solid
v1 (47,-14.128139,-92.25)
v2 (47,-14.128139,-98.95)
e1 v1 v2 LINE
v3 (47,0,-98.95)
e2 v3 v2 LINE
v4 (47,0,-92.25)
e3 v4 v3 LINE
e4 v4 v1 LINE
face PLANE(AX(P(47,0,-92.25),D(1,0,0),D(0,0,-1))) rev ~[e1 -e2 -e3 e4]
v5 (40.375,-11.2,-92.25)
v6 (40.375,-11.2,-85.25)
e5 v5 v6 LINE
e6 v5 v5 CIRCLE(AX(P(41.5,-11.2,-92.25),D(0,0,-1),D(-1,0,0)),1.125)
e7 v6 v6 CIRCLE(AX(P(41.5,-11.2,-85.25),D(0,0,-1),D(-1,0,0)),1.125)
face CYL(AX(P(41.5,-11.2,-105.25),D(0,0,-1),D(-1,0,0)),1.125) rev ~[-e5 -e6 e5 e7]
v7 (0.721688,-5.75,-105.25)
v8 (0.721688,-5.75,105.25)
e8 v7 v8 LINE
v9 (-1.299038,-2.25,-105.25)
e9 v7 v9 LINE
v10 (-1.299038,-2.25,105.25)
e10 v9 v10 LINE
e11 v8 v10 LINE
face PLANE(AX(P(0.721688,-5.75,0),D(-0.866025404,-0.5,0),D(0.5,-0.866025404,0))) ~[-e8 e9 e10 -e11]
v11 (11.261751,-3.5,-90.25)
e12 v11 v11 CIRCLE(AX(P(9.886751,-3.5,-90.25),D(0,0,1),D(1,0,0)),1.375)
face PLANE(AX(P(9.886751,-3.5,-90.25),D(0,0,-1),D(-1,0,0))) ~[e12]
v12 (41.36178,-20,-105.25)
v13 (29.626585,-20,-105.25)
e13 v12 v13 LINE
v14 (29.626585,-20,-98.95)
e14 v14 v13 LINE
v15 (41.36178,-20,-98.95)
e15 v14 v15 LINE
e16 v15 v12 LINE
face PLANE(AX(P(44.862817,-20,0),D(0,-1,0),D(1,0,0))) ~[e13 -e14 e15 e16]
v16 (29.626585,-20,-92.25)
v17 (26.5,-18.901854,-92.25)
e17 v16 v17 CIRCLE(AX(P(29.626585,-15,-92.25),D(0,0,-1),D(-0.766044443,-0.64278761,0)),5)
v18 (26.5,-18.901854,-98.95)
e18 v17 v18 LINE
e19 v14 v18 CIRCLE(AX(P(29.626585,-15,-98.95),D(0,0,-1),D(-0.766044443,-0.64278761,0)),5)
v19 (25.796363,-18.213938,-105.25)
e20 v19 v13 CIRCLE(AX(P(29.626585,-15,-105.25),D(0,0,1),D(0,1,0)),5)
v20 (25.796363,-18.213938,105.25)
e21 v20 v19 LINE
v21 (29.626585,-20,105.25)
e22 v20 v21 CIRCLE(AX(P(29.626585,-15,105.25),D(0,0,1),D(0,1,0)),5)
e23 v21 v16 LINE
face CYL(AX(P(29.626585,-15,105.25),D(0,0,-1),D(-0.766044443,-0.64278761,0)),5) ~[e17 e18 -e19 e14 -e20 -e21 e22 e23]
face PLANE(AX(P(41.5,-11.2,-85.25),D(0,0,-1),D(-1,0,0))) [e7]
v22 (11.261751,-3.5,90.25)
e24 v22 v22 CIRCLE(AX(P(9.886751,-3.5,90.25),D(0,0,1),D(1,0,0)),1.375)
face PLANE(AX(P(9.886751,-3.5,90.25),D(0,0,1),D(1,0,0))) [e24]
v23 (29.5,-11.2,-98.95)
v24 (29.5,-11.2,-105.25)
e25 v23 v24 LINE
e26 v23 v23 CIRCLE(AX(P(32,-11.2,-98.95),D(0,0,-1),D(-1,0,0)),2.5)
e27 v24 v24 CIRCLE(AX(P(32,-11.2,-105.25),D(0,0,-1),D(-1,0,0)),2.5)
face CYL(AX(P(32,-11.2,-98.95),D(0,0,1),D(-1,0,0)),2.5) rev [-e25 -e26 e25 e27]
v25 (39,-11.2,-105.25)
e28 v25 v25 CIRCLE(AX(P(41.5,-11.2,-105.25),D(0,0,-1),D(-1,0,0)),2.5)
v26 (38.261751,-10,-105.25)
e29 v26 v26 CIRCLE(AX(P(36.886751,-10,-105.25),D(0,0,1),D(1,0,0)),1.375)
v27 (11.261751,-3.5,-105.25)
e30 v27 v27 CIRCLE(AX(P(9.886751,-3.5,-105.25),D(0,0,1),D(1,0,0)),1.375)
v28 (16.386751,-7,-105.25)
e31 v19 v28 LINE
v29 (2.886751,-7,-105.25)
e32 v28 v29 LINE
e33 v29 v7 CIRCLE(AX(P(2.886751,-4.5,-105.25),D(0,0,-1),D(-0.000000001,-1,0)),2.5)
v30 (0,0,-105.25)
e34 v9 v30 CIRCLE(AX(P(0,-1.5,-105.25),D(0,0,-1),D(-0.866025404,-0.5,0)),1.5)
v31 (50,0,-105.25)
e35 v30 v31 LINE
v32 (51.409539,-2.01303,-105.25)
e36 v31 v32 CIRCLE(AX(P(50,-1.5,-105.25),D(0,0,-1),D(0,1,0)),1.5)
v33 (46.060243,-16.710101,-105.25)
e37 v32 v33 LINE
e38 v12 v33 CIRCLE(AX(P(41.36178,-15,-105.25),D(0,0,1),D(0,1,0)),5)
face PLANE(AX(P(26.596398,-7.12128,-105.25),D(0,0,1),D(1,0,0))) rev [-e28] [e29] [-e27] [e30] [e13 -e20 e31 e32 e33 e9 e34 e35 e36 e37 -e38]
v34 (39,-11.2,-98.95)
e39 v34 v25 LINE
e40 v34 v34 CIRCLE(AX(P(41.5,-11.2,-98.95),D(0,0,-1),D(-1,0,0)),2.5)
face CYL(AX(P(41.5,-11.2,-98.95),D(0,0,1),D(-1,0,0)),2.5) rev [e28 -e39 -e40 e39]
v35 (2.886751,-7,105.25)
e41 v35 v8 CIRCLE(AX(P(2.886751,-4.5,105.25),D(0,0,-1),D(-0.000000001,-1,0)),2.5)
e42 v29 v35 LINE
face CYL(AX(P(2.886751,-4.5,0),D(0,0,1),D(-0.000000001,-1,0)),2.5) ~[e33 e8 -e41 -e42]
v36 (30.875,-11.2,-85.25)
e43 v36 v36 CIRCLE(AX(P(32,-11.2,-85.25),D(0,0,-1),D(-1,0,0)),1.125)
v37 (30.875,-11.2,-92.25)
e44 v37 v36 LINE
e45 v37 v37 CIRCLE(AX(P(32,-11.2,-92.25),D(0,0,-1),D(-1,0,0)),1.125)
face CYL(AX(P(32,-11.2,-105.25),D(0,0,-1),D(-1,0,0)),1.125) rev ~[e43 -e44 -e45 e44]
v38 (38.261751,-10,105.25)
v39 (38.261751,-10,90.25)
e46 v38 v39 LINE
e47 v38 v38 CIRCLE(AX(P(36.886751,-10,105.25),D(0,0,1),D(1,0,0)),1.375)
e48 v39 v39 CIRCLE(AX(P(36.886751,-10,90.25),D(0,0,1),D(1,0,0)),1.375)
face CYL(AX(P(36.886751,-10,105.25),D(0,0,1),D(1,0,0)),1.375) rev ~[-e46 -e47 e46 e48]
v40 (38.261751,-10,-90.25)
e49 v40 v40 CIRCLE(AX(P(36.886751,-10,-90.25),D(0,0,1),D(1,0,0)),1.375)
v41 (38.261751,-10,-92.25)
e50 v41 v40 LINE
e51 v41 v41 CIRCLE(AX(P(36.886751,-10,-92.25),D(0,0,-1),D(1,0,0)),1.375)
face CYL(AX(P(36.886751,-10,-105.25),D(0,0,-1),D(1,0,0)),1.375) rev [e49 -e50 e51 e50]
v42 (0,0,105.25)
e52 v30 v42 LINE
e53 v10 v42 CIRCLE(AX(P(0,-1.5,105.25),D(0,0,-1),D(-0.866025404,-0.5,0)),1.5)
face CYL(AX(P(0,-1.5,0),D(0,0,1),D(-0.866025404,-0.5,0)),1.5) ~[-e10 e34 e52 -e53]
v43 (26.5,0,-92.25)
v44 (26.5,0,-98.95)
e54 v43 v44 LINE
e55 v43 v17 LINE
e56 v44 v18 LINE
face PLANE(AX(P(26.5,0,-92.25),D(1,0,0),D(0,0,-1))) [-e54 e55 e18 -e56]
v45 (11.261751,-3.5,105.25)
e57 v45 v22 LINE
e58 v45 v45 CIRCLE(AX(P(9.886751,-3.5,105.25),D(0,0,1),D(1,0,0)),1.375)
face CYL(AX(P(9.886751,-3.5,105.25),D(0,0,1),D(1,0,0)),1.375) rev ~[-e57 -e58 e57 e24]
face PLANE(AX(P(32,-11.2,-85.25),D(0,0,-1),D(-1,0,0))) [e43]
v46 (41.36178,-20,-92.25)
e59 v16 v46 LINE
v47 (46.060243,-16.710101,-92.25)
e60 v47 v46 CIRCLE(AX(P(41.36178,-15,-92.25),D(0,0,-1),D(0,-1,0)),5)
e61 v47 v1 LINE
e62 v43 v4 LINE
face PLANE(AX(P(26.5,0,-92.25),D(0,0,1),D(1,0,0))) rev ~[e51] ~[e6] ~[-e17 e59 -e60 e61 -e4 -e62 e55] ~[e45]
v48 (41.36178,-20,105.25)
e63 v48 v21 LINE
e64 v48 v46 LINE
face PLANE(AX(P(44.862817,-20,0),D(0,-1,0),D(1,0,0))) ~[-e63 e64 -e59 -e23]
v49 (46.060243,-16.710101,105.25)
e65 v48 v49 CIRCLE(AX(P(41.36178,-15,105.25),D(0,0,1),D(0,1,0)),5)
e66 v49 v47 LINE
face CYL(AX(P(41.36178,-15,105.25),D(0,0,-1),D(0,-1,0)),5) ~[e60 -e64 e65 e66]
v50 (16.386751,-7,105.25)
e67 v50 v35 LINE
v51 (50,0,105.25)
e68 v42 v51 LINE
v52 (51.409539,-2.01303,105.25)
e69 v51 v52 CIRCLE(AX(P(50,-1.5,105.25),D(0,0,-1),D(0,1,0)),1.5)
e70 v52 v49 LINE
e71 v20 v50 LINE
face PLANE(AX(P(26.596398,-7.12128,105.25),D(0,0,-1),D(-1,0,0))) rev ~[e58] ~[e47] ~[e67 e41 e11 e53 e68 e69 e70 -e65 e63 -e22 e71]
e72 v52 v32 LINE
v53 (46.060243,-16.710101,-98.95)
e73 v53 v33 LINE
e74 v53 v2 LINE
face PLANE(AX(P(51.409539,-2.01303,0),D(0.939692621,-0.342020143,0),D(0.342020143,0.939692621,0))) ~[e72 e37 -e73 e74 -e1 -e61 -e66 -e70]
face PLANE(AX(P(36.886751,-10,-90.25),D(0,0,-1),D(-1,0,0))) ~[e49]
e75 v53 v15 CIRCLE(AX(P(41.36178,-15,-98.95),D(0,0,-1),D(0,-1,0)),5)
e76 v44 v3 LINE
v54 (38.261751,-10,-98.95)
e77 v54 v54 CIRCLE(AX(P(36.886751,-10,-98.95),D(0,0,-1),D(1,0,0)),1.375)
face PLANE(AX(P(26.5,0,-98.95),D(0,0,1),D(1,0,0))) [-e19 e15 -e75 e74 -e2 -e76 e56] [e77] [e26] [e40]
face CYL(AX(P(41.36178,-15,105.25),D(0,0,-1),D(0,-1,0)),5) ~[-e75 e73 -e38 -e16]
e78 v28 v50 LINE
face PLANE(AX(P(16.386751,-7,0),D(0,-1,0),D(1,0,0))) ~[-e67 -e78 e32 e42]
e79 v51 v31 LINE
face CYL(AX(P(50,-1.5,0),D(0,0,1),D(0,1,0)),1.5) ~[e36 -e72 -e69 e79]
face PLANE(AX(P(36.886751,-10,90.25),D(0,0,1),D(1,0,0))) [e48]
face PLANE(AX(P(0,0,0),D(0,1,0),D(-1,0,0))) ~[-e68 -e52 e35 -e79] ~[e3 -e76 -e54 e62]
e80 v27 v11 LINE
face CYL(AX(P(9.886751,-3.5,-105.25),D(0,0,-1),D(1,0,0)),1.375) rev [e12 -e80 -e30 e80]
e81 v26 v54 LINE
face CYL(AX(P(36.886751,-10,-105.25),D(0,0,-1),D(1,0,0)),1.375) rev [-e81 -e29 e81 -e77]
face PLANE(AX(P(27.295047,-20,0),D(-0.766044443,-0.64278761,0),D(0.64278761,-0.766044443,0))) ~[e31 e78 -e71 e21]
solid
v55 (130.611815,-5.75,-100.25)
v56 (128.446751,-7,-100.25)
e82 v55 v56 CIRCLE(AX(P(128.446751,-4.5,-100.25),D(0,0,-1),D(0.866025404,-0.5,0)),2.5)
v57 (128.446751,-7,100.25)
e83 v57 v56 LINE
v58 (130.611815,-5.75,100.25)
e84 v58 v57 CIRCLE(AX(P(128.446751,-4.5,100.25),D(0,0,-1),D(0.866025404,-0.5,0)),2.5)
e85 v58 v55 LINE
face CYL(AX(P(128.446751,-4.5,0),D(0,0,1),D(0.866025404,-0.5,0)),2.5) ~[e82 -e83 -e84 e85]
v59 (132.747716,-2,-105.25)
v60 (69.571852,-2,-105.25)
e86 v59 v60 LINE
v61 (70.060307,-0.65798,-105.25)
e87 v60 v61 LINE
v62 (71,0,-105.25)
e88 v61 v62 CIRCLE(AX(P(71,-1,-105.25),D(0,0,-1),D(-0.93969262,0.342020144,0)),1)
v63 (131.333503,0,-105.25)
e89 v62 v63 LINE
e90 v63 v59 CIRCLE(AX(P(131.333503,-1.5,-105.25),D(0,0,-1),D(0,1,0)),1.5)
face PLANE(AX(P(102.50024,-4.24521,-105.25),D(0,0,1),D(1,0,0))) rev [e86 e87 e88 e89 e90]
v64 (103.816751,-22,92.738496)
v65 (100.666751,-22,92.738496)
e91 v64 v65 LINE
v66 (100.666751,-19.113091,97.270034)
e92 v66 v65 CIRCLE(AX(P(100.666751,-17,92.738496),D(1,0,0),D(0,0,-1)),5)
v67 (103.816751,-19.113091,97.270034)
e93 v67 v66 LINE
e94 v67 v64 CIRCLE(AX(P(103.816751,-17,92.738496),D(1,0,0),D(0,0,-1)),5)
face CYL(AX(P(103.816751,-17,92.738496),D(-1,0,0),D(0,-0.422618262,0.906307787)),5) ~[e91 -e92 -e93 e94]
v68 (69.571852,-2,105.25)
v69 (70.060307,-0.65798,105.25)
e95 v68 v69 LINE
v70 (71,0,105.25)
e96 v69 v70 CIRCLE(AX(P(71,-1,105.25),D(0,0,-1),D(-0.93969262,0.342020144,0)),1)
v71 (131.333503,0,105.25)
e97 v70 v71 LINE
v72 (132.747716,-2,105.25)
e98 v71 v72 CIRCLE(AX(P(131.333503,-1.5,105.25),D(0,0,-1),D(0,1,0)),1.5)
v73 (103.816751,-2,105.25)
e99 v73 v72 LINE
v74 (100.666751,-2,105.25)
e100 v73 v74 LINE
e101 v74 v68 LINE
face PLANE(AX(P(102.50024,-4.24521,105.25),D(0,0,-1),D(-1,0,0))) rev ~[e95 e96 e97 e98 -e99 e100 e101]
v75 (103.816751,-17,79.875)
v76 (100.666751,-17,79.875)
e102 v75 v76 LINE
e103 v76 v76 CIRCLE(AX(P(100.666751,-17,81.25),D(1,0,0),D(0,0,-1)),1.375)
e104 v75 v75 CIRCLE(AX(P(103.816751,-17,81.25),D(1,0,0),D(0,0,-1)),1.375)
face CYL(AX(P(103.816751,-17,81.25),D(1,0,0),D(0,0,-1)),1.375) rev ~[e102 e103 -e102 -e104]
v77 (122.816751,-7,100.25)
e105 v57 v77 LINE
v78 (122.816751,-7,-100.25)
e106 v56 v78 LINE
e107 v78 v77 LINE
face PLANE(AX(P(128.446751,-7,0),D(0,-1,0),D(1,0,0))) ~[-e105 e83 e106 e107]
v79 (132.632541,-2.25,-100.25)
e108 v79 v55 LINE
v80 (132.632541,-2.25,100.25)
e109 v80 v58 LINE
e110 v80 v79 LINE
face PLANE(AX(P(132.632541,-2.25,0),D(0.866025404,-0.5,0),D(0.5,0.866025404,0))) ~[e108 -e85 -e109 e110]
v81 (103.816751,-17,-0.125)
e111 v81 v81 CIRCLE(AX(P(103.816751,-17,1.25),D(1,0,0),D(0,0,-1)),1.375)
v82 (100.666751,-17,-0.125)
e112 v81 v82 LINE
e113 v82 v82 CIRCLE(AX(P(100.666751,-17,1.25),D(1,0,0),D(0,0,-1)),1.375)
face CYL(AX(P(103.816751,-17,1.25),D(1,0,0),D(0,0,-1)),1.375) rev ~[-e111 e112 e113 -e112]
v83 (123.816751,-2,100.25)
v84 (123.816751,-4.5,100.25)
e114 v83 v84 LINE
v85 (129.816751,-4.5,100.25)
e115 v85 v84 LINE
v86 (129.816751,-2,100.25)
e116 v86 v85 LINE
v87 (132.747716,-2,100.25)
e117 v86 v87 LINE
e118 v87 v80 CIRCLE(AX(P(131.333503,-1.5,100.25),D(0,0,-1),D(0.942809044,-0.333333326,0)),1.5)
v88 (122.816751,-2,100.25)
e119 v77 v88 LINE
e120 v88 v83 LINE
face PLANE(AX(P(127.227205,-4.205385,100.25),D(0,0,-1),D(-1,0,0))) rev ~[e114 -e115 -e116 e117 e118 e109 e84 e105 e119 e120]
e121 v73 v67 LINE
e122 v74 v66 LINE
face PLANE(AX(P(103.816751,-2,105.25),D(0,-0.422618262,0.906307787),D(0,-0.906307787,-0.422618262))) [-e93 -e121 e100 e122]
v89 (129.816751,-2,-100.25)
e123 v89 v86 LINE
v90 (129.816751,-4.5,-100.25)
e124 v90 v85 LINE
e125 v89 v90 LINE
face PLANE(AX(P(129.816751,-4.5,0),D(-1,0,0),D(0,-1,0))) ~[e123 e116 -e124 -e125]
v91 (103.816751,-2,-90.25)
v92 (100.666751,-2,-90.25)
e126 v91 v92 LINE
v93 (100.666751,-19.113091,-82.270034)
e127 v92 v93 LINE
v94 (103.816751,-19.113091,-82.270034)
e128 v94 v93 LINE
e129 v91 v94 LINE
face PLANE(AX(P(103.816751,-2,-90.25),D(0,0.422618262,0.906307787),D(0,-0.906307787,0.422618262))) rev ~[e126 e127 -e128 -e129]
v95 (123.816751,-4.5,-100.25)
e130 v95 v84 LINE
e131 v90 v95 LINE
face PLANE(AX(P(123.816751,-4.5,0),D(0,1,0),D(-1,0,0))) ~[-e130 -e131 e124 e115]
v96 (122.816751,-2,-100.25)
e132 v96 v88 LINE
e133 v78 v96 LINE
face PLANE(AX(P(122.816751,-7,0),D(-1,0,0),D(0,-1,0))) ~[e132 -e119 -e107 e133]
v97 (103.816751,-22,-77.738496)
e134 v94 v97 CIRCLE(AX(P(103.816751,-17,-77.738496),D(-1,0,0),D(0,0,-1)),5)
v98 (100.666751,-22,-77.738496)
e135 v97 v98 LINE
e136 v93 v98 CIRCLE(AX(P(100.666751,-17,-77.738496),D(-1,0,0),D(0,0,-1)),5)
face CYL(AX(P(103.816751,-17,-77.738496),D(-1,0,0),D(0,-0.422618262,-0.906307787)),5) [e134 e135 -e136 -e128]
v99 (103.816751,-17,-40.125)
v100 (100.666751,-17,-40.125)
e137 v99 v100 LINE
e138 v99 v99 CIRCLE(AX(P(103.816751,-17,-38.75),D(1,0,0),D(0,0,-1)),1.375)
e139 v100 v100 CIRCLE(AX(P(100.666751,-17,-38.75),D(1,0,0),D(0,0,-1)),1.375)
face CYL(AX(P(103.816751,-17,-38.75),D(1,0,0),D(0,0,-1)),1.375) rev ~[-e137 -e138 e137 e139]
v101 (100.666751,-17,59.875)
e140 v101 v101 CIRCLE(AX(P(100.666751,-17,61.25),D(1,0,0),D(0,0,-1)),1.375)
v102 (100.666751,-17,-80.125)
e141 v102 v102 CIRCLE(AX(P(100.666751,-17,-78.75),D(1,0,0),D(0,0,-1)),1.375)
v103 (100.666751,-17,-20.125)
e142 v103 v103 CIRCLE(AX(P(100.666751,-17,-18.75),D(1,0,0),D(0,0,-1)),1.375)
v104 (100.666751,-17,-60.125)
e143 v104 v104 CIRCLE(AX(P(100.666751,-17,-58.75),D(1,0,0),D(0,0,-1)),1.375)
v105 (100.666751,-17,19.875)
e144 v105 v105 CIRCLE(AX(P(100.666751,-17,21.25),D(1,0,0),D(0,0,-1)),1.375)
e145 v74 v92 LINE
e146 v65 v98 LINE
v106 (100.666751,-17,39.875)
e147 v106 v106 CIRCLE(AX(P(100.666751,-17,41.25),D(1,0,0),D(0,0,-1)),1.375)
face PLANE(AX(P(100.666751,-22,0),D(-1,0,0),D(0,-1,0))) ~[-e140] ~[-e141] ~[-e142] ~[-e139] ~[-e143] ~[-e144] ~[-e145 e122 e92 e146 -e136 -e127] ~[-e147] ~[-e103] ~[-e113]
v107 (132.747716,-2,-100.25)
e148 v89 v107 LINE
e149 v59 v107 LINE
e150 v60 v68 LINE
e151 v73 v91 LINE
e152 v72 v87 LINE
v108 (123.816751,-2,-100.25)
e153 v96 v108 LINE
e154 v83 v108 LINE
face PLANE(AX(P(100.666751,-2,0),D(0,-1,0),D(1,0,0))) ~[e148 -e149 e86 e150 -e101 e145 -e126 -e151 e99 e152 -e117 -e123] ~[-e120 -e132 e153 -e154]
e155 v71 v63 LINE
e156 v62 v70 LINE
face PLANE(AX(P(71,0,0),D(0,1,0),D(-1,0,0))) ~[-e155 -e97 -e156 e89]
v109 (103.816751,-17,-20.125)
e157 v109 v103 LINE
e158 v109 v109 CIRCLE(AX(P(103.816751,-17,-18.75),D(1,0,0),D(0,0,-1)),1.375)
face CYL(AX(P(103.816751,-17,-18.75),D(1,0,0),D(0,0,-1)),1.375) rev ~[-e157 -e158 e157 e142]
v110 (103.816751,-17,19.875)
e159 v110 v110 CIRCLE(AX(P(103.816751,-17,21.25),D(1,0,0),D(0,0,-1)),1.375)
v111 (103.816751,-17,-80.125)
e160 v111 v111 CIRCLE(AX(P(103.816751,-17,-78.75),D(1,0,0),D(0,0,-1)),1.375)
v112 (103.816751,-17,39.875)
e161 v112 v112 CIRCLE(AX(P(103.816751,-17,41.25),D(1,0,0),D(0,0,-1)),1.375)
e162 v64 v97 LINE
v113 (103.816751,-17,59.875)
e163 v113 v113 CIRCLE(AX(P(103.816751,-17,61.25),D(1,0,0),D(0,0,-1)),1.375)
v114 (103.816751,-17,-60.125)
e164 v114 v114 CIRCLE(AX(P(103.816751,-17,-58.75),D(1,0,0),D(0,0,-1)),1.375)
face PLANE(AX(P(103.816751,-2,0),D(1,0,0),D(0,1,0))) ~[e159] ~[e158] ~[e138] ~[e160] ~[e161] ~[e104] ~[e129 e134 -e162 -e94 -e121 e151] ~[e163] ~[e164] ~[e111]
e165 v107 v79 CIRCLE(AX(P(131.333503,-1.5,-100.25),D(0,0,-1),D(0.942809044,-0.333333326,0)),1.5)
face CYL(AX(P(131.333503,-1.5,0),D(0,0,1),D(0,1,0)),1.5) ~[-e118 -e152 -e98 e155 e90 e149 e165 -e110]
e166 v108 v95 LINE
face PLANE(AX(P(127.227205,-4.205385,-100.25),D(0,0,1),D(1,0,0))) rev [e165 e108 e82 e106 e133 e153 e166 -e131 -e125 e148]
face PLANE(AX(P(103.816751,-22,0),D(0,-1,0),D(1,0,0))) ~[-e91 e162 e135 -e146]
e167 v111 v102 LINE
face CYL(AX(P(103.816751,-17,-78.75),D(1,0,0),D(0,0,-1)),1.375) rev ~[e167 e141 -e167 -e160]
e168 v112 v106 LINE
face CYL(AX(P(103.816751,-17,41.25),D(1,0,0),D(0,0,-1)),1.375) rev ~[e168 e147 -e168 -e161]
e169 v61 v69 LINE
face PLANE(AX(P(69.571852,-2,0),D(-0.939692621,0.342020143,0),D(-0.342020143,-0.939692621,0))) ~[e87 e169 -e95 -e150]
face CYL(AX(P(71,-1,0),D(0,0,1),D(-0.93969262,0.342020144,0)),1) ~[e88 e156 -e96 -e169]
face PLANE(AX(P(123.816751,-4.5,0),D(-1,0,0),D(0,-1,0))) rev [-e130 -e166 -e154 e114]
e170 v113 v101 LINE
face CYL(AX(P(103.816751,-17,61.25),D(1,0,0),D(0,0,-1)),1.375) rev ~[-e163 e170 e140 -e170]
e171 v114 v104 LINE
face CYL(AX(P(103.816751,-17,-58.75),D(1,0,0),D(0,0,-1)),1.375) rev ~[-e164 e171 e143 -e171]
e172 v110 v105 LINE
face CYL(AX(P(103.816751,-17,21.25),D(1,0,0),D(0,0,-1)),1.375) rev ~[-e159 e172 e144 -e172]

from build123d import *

# Parameters (mm, degrees)
BOSS_EXTRUDE1_DEPTH   = 105.25
SKETCH1_W             = 6
SKETCH1_H             = 2.5
BOSS_EXTRUDE1_2_DEPTH = 105.25
SKETCH2_R             = 1.375
CUT_EXTRUDE1_DEPTH    = 15
CUT_EXTRUDE2_DEPTH    = 5
FILLET1_R             = 5
SKETCH4_R             = 1.375
CUT_EXTRUDE3_DEPTH    = 3.15
FILLET2_R             = 5
SKETCH5_W             = 20.5
SKETCH5_H             = 6.7
CUT_EXTRUDE4_DEPTH    = 23
SKETCH6_R             = 1.125
CUT_EXTRUDE5_DEPTH    = 20
CUT_EXTRUDE6_START    = -6.3
SKETCH7_R             = 2.5
CUT_EXTRUDE6_DEPTH    = 6.3


with BuildPart() as part:
    # Sketch1 → Boss-Extrude1 (new body)
    with BuildSketch(Plane.XY):
        with BuildLine():
            Line((0, 0), (50, 0))
            ThreePointArc((50, 0), (51.228728066, -0.639635345), (51.409538931, -2.013030215))
            Line((51.409538931, -2.013030215), (44.862817325, -20))
            Line((44.862817325, -20), (27.295046551, -20))
            Line((27.295046551, -20), (16.386751346, -7))
            Line((16.386751346, -7), (2.886751346, -7))
            ThreePointArc((2.886751346, -7), (1.636751346, -6.665063509), (0.721687836, -5.75))
            Line((0.721687836, -5.75), (-1.299038106, -2.25))
            ThreePointArc((-1.299038106, -2.25), (-1.299038106, -0.75), (0, 0))
        make_face()
    extrude(amount=BOSS_EXTRUDE1_DEPTH)

    # Sketch2 → Cut-Extrude1 (cut)
    with BuildSketch(Plane.XY.offset(105.25)):
        with Locations((9.886751346, -3.5)):
            Circle(SKETCH2_R)
        with Locations((36.886751346, -10)):
            Circle(SKETCH2_R)
    extrude(amount=-CUT_EXTRUDE1_DEPTH, mode=Mode.SUBTRACT)

    # Mirror1: part across plane


with BuildPart() as body_2:
    # Sketch1 → Boss-Extrude1 2 (new body)
    with BuildSketch(Plane.XY):
        with BuildLine():
            Line((71, 0), (131.333502692, 0))
            ThreePointArc((131.333502692, 0), (132.632540798, -0.75), (132.632540798, -2.25))
            Line((132.632540798, -2.25), (130.611814855, -5.75))
            ThreePointArc((130.611814855, -5.75), (129.696751346, -6.665063509), (128.446751346, -7))
            Line((128.446751346, -7), (122.816751346, -7))
            Line((122.816751346, -7), (122.816751346, -2))
            Line((122.816751346, -2), (103.816751346, -2))
            Line((103.816751346, -2), (103.816751346, -22))
            Line((103.816751346, -22), (100.666751346, -22))
            Line((100.666751346, -22), (100.666751346, -2))
            Line((100.666751346, -2), (69.571851993, -2))
            Line((69.571851993, -2), (70.060307379, -0.657979857))
            ThreePointArc((70.060307379, -0.657979857), (70.426423564, -0.180847956), (71, 0))
        make_face()
        with Locations((126.816751346, -3.25)):
            Rectangle(SKETCH1_W, SKETCH1_H, mode=Mode.SUBTRACT)
    extrude(amount=BOSS_EXTRUDE1_2_DEPTH)

    # Sketch3 → Cut-Extrude2 (cut)
    with BuildSketch(Plane.XY.offset(105.25)):
        with BuildLine():
            Line((122.816751346, -2), (132.747716254, -2))
            ThreePointArc((132.747716254, -2), (132.695875128, -2.12764747), (132.632540798, -2.25))
            Line((132.632540798, -2.25), (130.611814855, -5.75))
            ThreePointArc((130.611814855, -5.75), (129.696751346, -6.665063509), (128.446751346, -7))
            Line((128.446751346, -7), (122.816751346, -7))
            Line((122.816751346, -7), (122.816751346, -2))
        make_face()
    extrude(amount=-CUT_EXTRUDE2_DEPTH, mode=Mode.SUBTRACT)

    # Mirror1 2: body 2 across plane


with BuildPart() as part_1:
    add(part.part)
    add(part.part.mirror(Plane(origin=(0, -1.5, 0), x_dir=(1, 0, 0), z_dir=(0, 0, -1))))

    # Fillet1
    fillet1_edges = [part_1.edges().sort_by_distance(p)[0] for p in [
        (44.862817325, -20, 0),
        (27.295046551, -20, 0),
    ]]
    fillet(fillet1_edges, radius=FILLET1_R)

    # Sketch5 → Cut-Extrude4 (cut, through all)
    with BuildSketch(Plane(origin=(0, 0, 0), x_dir=(1, 0, 0), z_dir=(0, 1, 0))):
        with Locations((36.75, 95.6)):
            Rectangle(SKETCH5_W, SKETCH5_H)
    extrude(amount=-CUT_EXTRUDE4_DEPTH, mode=Mode.SUBTRACT)

    # Sketch6 → Cut-Extrude5 (cut)
    with BuildSketch(Plane(origin=(0, 0, -105.25), x_dir=(-1, 0, 0), z_dir=(0, 0, -1))):
        with Locations((-41.5, -11.2)):
            Circle(SKETCH6_R)
        with Locations((-32, -11.2)):
            Circle(SKETCH6_R)
    extrude(amount=-CUT_EXTRUDE5_DEPTH, mode=Mode.SUBTRACT)

    # Sketch7 → Cut-Extrude6 (cut)
    with BuildSketch(Plane(origin=(0, 0, -105.25), x_dir=(-1, 0, 0), z_dir=(0, 0, -1)).offset(CUT_EXTRUDE6_START)):
        with Locations((-41.5, -11.2)):
            Circle(SKETCH7_R)
        with Locations((-32, -11.2)):
            Circle(SKETCH7_R)
    extrude(amount=CUT_EXTRUDE6_DEPTH, mode=Mode.SUBTRACT)


with BuildPart() as body_2_1:
    add(body_2.part)
    add(body_2.part.mirror(Plane(origin=(0, -1.5, 0), x_dir=(1, 0, 0), z_dir=(0, 0, -1))))

    # Sketch4 → Cut-Extrude3 (cut)
    with BuildSketch(Plane(origin=(103.816751346, 0, 0), x_dir=(0, 0, -1), z_dir=(1, 0, 0))):
        with Locations((-81.25, -17)):
            Circle(SKETCH4_R)
        with Locations((-61.25, -17)):
            Circle(SKETCH4_R)
        with Locations((-41.25, -17)):
            Circle(SKETCH4_R)
        with Locations((-21.25, -17)):
            Circle(SKETCH4_R)
        with Locations((-1.25, -17)):
            Circle(SKETCH4_R)
        with Locations((18.75, -17)):
            Circle(SKETCH4_R)
        with Locations((38.75, -17)):
            Circle(SKETCH4_R)
        with Locations((58.75, -17)):
            Circle(SKETCH4_R)
        with Locations((78.75, -17)):
            Circle(SKETCH4_R)
        Polygon((-105.25, -22), (-105.25, -2), (-95.923846837, -22), align=None)
        Polygon((105.25, -2), (90.25, -2), (80.923846837, -22), (105.25, -22), align=None)
    extrude(amount=-CUT_EXTRUDE3_DEPTH, mode=Mode.SUBTRACT)

    # Fillet2
    fillet2_edges = [body_2_1.edges().sort_by_distance(p)[0] for p in [
        (102.241751346, -22, 95.923846837),
        (102.241751346, -22, -80.923846837),
    ]]
    fillet(fillet2_edges, radius=FILLET2_R)


solid = Compound([part_1.part, body_2_1.part])
